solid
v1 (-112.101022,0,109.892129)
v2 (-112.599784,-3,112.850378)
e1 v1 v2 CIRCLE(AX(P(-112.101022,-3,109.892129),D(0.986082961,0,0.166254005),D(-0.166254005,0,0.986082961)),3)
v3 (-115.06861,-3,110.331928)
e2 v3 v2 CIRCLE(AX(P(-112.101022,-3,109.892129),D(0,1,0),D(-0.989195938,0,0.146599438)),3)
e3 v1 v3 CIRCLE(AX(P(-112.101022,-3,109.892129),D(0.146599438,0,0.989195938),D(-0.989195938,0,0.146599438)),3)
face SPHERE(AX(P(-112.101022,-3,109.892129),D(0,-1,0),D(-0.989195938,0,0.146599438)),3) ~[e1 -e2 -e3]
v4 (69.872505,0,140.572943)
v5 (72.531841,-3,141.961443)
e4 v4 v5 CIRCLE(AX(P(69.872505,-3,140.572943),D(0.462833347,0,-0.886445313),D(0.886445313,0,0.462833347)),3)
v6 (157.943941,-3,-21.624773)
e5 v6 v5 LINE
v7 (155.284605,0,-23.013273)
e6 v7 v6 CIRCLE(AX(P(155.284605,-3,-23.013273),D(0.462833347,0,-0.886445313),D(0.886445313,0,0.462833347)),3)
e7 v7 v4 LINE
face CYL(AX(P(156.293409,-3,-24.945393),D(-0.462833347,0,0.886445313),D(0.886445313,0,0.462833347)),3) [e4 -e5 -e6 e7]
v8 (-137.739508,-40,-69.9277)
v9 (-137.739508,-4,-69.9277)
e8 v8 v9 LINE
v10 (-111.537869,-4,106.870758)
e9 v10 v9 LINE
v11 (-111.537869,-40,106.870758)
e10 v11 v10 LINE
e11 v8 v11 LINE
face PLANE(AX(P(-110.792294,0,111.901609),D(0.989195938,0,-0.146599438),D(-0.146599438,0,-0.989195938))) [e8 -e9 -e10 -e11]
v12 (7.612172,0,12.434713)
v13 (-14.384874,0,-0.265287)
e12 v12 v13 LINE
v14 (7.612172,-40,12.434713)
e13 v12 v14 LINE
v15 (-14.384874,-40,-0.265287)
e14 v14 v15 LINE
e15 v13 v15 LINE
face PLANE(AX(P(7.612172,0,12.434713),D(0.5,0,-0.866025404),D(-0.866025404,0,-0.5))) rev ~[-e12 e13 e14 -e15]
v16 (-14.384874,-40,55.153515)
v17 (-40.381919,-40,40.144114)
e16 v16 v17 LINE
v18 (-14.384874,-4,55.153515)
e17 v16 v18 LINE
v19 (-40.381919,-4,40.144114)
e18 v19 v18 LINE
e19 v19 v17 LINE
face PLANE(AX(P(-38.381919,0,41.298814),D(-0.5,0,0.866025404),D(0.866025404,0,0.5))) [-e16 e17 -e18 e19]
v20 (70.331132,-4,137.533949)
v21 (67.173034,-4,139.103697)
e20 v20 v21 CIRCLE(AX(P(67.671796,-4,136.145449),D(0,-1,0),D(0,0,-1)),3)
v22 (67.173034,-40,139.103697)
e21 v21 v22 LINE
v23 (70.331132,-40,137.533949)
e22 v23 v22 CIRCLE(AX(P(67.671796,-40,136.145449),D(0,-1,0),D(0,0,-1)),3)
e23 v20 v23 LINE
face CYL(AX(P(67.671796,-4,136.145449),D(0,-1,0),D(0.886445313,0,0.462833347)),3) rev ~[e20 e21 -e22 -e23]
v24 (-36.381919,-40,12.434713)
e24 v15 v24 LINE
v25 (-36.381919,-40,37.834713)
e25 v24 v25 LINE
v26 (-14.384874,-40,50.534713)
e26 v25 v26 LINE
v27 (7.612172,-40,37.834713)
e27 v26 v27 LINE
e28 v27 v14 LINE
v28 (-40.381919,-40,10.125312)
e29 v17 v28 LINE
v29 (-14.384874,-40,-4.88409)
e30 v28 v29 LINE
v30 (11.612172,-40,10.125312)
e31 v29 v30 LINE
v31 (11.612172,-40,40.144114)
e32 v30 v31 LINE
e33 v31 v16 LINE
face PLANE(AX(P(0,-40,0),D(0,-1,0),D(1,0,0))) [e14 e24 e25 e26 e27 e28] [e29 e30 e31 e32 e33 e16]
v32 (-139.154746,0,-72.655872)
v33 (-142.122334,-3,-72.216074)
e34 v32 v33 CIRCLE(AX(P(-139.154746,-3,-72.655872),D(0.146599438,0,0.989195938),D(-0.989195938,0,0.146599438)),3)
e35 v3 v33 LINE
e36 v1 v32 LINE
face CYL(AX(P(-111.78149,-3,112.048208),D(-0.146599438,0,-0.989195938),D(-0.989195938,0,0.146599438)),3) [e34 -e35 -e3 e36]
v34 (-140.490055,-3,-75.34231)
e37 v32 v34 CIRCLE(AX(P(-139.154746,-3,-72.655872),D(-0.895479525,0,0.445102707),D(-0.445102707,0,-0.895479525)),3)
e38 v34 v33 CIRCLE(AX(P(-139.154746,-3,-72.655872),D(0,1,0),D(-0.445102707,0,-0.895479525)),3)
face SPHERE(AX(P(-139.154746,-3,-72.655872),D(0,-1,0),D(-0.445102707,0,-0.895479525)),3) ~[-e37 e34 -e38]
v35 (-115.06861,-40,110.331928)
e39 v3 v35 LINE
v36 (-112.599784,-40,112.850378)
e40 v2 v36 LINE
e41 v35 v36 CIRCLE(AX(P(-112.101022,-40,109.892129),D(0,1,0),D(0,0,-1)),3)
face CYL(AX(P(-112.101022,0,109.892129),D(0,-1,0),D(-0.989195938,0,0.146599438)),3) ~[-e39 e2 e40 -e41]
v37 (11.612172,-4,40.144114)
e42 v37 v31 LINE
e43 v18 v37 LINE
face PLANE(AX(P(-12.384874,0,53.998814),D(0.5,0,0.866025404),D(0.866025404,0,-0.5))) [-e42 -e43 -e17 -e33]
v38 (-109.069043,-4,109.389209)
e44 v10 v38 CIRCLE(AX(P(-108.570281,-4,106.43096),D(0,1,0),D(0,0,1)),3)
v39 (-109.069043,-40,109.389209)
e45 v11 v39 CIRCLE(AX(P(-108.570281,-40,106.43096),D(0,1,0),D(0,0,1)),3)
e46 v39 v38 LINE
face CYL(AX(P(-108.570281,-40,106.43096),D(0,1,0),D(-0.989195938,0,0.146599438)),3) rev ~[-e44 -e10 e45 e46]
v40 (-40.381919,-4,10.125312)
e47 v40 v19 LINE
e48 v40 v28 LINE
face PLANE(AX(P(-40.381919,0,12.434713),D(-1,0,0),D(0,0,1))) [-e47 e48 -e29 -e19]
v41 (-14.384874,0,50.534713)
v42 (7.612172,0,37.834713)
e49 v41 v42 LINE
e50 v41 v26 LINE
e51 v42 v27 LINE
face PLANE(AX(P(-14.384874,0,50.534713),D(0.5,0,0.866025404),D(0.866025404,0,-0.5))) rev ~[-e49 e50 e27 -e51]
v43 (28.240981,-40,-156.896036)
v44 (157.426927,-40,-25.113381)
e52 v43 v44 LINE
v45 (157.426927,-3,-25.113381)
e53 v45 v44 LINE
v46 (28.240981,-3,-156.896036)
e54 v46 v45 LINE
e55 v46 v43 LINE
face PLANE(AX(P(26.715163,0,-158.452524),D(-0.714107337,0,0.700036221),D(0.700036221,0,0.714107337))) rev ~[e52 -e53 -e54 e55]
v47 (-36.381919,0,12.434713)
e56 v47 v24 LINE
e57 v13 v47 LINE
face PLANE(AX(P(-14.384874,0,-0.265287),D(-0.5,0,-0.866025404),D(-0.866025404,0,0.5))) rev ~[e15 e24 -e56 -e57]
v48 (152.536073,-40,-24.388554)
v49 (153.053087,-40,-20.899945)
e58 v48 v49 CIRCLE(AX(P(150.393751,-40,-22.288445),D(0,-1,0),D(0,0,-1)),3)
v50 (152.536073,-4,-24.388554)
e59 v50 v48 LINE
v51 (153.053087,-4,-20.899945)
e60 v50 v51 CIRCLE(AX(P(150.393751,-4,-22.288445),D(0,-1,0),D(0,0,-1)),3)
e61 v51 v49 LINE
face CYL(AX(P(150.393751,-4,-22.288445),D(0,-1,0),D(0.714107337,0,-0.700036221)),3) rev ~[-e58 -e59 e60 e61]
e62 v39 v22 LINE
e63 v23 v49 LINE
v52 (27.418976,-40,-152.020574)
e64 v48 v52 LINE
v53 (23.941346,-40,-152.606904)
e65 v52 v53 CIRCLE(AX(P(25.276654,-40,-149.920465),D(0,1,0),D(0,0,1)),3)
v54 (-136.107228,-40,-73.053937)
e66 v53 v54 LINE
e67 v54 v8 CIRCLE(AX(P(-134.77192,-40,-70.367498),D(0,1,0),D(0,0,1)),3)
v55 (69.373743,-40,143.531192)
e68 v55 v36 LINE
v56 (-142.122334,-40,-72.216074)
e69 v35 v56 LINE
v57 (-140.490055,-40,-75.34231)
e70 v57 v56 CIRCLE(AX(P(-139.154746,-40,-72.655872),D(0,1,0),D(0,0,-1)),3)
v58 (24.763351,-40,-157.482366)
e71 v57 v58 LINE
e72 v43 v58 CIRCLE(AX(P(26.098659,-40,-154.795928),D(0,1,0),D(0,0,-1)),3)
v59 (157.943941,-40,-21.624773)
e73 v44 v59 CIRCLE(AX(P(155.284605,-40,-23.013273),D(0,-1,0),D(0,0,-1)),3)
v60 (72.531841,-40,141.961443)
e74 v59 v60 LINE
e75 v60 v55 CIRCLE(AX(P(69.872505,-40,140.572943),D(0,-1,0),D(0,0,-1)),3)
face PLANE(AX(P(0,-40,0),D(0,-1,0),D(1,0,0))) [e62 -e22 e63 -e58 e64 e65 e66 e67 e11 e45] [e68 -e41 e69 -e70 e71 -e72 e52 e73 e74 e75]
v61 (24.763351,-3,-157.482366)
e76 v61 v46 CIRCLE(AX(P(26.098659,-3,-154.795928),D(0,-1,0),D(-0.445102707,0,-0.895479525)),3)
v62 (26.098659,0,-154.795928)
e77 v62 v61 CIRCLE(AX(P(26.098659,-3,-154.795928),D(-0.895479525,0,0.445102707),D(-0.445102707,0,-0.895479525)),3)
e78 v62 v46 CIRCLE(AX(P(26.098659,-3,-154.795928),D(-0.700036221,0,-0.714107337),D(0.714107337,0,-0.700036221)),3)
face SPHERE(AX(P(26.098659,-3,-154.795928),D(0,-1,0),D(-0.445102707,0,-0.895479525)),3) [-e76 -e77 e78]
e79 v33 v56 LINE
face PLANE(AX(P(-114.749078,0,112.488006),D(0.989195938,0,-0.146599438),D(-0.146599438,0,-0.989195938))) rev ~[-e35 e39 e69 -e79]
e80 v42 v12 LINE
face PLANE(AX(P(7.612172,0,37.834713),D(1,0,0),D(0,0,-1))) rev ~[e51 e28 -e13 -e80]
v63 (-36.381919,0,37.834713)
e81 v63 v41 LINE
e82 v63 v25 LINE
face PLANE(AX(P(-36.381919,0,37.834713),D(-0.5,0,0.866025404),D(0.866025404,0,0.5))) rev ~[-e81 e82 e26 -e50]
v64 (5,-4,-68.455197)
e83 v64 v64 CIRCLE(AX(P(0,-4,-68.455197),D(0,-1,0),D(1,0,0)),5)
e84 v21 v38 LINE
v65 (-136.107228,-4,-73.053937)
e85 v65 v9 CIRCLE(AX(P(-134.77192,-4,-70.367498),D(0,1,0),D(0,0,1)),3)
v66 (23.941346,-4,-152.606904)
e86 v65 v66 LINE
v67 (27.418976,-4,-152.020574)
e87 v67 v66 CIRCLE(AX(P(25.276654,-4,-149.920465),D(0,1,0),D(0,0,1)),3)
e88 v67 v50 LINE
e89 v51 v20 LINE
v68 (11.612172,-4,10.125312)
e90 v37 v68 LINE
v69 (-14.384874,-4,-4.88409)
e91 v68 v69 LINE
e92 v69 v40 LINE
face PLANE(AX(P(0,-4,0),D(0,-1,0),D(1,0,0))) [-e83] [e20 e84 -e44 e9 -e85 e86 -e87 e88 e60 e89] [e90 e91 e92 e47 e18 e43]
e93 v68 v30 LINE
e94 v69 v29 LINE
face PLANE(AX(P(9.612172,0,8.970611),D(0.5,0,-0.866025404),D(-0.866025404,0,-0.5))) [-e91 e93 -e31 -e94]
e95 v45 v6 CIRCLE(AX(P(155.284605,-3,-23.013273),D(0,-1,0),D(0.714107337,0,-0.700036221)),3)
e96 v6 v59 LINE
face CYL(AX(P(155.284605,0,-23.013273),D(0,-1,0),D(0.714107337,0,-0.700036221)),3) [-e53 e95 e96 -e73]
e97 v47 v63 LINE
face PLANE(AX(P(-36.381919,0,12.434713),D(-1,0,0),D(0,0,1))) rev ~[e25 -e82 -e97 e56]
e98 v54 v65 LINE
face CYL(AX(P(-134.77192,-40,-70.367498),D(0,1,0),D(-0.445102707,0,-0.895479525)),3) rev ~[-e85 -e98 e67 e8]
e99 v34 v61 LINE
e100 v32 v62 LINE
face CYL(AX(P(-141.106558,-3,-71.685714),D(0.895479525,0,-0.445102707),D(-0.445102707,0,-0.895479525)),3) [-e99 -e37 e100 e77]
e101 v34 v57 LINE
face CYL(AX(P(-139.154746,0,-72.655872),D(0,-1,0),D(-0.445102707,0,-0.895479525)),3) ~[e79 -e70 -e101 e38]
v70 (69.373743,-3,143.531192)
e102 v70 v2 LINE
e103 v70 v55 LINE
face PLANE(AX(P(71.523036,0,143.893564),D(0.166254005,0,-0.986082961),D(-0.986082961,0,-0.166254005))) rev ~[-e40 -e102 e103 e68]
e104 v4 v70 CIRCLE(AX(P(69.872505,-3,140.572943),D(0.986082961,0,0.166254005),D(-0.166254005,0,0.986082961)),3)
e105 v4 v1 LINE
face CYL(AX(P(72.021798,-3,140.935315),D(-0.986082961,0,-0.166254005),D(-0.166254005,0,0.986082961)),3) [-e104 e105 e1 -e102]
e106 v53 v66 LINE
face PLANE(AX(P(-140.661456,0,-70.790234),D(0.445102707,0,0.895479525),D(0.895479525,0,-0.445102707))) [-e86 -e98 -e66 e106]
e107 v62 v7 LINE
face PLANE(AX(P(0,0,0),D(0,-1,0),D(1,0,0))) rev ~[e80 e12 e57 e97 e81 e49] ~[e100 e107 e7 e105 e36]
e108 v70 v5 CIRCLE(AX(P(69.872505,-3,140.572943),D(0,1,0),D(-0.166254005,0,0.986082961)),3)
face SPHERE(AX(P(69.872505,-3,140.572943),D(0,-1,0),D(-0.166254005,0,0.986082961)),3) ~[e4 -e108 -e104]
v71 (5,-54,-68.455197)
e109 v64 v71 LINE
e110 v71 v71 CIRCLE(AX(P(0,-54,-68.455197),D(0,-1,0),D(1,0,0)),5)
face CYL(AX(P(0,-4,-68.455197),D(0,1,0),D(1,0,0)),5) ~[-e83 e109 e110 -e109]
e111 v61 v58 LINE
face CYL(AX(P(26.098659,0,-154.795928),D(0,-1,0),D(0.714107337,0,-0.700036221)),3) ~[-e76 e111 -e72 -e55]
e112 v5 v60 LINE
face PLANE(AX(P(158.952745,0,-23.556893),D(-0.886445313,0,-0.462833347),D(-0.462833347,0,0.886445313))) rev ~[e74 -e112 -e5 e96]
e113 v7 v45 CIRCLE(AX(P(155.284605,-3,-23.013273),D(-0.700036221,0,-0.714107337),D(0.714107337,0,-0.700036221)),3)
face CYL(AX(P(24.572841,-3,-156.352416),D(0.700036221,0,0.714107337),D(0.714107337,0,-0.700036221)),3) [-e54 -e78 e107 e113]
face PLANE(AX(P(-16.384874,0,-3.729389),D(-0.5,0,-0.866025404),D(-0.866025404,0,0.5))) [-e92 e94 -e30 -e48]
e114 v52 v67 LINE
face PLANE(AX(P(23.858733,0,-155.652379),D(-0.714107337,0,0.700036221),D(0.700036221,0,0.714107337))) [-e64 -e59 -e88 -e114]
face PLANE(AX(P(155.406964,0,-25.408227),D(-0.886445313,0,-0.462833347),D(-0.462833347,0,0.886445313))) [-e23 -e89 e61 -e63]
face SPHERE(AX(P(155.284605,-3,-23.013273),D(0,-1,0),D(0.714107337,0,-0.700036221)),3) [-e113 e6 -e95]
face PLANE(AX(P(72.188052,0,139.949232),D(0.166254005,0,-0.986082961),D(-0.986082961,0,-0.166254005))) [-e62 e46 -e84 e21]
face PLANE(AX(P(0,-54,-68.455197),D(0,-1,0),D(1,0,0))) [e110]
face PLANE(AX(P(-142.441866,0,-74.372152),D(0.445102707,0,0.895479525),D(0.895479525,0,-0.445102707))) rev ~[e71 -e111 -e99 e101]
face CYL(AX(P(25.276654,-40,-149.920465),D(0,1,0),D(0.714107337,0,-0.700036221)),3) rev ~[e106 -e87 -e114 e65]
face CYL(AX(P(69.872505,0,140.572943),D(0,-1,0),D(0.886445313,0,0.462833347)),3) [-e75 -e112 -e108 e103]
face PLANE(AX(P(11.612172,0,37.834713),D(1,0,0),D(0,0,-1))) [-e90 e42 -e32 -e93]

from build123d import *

# Parameters (mm, degrees)
F1_DEPTH = 40
F2_T     = -4
F3_R     = 3
F4_R     = 5
F5_DEPTH = 50


with BuildPart() as f1:
    # F0 (on Front) → F1 (new body)
    with BuildSketch(Plane.XZ):
        Polygon((26.7151626776, -158.4525242576), (158.9527449935, -23.5568932488), (71.5230363335, 143.8935635605), (-114.7490775608, 112.4880062915), (-142.4418664438, -74.3721523457), align=None)
        Polygon((-14.3848736808, 50.5347126111), (7.6121715753, 37.8347126111), (7.6121715753, 12.4347126111), (-14.3848736808, -0.2652873889), (-36.381918937, 12.4347126111), (-36.381918937, 37.8347126111), align=None, mode=Mode.SUBTRACT)
    extrude(amount=F1_DEPTH)

    # F2
    f2_openings = [f1.faces().sort_by_distance(p)[0] for p in [
        (0.403766, -40, -0.705501),
    ]]
    offset(amount=F2_T, openings=f2_openings, kind=Kind.INTERSECTION)

    # F3
    f3_edges = [f1.edges().sort_by_distance(p)[0] for p in [
        (-57.863352, 0, -116.412338),
        (92.833954, 0, -91.004709),
        (-128.595472, 0, 19.057927),
        (-21.613021, 0, 128.190785),
        (115.237891, 0, 60.168335),
        (71.523036, -20, 143.893564),
        (-114.749078, -20, 112.488006),
        (-142.441866, -20, -74.372152),
        (26.715163, -20, -158.452524),
        (158.952745, -20, -23.556893),
        (69.322328, -22, 139.466069),
        (-111.218337, -22, 109.026837),
        (-138.05904, -22, -72.083778),
        (154.061891, -22, -22.832066),
        (25.893158, -22, -153.577062),
    ]]
    fillet(f3_edges, radius=F3_R)

    # F4 (on face) → F5 (join)
    with BuildSketch(Plane.XZ.offset(4)):
        with Locations((0, -68.4551969171)):
            Circle(F4_R)
    extrude(amount=F5_DEPTH)


solid = f1.part
